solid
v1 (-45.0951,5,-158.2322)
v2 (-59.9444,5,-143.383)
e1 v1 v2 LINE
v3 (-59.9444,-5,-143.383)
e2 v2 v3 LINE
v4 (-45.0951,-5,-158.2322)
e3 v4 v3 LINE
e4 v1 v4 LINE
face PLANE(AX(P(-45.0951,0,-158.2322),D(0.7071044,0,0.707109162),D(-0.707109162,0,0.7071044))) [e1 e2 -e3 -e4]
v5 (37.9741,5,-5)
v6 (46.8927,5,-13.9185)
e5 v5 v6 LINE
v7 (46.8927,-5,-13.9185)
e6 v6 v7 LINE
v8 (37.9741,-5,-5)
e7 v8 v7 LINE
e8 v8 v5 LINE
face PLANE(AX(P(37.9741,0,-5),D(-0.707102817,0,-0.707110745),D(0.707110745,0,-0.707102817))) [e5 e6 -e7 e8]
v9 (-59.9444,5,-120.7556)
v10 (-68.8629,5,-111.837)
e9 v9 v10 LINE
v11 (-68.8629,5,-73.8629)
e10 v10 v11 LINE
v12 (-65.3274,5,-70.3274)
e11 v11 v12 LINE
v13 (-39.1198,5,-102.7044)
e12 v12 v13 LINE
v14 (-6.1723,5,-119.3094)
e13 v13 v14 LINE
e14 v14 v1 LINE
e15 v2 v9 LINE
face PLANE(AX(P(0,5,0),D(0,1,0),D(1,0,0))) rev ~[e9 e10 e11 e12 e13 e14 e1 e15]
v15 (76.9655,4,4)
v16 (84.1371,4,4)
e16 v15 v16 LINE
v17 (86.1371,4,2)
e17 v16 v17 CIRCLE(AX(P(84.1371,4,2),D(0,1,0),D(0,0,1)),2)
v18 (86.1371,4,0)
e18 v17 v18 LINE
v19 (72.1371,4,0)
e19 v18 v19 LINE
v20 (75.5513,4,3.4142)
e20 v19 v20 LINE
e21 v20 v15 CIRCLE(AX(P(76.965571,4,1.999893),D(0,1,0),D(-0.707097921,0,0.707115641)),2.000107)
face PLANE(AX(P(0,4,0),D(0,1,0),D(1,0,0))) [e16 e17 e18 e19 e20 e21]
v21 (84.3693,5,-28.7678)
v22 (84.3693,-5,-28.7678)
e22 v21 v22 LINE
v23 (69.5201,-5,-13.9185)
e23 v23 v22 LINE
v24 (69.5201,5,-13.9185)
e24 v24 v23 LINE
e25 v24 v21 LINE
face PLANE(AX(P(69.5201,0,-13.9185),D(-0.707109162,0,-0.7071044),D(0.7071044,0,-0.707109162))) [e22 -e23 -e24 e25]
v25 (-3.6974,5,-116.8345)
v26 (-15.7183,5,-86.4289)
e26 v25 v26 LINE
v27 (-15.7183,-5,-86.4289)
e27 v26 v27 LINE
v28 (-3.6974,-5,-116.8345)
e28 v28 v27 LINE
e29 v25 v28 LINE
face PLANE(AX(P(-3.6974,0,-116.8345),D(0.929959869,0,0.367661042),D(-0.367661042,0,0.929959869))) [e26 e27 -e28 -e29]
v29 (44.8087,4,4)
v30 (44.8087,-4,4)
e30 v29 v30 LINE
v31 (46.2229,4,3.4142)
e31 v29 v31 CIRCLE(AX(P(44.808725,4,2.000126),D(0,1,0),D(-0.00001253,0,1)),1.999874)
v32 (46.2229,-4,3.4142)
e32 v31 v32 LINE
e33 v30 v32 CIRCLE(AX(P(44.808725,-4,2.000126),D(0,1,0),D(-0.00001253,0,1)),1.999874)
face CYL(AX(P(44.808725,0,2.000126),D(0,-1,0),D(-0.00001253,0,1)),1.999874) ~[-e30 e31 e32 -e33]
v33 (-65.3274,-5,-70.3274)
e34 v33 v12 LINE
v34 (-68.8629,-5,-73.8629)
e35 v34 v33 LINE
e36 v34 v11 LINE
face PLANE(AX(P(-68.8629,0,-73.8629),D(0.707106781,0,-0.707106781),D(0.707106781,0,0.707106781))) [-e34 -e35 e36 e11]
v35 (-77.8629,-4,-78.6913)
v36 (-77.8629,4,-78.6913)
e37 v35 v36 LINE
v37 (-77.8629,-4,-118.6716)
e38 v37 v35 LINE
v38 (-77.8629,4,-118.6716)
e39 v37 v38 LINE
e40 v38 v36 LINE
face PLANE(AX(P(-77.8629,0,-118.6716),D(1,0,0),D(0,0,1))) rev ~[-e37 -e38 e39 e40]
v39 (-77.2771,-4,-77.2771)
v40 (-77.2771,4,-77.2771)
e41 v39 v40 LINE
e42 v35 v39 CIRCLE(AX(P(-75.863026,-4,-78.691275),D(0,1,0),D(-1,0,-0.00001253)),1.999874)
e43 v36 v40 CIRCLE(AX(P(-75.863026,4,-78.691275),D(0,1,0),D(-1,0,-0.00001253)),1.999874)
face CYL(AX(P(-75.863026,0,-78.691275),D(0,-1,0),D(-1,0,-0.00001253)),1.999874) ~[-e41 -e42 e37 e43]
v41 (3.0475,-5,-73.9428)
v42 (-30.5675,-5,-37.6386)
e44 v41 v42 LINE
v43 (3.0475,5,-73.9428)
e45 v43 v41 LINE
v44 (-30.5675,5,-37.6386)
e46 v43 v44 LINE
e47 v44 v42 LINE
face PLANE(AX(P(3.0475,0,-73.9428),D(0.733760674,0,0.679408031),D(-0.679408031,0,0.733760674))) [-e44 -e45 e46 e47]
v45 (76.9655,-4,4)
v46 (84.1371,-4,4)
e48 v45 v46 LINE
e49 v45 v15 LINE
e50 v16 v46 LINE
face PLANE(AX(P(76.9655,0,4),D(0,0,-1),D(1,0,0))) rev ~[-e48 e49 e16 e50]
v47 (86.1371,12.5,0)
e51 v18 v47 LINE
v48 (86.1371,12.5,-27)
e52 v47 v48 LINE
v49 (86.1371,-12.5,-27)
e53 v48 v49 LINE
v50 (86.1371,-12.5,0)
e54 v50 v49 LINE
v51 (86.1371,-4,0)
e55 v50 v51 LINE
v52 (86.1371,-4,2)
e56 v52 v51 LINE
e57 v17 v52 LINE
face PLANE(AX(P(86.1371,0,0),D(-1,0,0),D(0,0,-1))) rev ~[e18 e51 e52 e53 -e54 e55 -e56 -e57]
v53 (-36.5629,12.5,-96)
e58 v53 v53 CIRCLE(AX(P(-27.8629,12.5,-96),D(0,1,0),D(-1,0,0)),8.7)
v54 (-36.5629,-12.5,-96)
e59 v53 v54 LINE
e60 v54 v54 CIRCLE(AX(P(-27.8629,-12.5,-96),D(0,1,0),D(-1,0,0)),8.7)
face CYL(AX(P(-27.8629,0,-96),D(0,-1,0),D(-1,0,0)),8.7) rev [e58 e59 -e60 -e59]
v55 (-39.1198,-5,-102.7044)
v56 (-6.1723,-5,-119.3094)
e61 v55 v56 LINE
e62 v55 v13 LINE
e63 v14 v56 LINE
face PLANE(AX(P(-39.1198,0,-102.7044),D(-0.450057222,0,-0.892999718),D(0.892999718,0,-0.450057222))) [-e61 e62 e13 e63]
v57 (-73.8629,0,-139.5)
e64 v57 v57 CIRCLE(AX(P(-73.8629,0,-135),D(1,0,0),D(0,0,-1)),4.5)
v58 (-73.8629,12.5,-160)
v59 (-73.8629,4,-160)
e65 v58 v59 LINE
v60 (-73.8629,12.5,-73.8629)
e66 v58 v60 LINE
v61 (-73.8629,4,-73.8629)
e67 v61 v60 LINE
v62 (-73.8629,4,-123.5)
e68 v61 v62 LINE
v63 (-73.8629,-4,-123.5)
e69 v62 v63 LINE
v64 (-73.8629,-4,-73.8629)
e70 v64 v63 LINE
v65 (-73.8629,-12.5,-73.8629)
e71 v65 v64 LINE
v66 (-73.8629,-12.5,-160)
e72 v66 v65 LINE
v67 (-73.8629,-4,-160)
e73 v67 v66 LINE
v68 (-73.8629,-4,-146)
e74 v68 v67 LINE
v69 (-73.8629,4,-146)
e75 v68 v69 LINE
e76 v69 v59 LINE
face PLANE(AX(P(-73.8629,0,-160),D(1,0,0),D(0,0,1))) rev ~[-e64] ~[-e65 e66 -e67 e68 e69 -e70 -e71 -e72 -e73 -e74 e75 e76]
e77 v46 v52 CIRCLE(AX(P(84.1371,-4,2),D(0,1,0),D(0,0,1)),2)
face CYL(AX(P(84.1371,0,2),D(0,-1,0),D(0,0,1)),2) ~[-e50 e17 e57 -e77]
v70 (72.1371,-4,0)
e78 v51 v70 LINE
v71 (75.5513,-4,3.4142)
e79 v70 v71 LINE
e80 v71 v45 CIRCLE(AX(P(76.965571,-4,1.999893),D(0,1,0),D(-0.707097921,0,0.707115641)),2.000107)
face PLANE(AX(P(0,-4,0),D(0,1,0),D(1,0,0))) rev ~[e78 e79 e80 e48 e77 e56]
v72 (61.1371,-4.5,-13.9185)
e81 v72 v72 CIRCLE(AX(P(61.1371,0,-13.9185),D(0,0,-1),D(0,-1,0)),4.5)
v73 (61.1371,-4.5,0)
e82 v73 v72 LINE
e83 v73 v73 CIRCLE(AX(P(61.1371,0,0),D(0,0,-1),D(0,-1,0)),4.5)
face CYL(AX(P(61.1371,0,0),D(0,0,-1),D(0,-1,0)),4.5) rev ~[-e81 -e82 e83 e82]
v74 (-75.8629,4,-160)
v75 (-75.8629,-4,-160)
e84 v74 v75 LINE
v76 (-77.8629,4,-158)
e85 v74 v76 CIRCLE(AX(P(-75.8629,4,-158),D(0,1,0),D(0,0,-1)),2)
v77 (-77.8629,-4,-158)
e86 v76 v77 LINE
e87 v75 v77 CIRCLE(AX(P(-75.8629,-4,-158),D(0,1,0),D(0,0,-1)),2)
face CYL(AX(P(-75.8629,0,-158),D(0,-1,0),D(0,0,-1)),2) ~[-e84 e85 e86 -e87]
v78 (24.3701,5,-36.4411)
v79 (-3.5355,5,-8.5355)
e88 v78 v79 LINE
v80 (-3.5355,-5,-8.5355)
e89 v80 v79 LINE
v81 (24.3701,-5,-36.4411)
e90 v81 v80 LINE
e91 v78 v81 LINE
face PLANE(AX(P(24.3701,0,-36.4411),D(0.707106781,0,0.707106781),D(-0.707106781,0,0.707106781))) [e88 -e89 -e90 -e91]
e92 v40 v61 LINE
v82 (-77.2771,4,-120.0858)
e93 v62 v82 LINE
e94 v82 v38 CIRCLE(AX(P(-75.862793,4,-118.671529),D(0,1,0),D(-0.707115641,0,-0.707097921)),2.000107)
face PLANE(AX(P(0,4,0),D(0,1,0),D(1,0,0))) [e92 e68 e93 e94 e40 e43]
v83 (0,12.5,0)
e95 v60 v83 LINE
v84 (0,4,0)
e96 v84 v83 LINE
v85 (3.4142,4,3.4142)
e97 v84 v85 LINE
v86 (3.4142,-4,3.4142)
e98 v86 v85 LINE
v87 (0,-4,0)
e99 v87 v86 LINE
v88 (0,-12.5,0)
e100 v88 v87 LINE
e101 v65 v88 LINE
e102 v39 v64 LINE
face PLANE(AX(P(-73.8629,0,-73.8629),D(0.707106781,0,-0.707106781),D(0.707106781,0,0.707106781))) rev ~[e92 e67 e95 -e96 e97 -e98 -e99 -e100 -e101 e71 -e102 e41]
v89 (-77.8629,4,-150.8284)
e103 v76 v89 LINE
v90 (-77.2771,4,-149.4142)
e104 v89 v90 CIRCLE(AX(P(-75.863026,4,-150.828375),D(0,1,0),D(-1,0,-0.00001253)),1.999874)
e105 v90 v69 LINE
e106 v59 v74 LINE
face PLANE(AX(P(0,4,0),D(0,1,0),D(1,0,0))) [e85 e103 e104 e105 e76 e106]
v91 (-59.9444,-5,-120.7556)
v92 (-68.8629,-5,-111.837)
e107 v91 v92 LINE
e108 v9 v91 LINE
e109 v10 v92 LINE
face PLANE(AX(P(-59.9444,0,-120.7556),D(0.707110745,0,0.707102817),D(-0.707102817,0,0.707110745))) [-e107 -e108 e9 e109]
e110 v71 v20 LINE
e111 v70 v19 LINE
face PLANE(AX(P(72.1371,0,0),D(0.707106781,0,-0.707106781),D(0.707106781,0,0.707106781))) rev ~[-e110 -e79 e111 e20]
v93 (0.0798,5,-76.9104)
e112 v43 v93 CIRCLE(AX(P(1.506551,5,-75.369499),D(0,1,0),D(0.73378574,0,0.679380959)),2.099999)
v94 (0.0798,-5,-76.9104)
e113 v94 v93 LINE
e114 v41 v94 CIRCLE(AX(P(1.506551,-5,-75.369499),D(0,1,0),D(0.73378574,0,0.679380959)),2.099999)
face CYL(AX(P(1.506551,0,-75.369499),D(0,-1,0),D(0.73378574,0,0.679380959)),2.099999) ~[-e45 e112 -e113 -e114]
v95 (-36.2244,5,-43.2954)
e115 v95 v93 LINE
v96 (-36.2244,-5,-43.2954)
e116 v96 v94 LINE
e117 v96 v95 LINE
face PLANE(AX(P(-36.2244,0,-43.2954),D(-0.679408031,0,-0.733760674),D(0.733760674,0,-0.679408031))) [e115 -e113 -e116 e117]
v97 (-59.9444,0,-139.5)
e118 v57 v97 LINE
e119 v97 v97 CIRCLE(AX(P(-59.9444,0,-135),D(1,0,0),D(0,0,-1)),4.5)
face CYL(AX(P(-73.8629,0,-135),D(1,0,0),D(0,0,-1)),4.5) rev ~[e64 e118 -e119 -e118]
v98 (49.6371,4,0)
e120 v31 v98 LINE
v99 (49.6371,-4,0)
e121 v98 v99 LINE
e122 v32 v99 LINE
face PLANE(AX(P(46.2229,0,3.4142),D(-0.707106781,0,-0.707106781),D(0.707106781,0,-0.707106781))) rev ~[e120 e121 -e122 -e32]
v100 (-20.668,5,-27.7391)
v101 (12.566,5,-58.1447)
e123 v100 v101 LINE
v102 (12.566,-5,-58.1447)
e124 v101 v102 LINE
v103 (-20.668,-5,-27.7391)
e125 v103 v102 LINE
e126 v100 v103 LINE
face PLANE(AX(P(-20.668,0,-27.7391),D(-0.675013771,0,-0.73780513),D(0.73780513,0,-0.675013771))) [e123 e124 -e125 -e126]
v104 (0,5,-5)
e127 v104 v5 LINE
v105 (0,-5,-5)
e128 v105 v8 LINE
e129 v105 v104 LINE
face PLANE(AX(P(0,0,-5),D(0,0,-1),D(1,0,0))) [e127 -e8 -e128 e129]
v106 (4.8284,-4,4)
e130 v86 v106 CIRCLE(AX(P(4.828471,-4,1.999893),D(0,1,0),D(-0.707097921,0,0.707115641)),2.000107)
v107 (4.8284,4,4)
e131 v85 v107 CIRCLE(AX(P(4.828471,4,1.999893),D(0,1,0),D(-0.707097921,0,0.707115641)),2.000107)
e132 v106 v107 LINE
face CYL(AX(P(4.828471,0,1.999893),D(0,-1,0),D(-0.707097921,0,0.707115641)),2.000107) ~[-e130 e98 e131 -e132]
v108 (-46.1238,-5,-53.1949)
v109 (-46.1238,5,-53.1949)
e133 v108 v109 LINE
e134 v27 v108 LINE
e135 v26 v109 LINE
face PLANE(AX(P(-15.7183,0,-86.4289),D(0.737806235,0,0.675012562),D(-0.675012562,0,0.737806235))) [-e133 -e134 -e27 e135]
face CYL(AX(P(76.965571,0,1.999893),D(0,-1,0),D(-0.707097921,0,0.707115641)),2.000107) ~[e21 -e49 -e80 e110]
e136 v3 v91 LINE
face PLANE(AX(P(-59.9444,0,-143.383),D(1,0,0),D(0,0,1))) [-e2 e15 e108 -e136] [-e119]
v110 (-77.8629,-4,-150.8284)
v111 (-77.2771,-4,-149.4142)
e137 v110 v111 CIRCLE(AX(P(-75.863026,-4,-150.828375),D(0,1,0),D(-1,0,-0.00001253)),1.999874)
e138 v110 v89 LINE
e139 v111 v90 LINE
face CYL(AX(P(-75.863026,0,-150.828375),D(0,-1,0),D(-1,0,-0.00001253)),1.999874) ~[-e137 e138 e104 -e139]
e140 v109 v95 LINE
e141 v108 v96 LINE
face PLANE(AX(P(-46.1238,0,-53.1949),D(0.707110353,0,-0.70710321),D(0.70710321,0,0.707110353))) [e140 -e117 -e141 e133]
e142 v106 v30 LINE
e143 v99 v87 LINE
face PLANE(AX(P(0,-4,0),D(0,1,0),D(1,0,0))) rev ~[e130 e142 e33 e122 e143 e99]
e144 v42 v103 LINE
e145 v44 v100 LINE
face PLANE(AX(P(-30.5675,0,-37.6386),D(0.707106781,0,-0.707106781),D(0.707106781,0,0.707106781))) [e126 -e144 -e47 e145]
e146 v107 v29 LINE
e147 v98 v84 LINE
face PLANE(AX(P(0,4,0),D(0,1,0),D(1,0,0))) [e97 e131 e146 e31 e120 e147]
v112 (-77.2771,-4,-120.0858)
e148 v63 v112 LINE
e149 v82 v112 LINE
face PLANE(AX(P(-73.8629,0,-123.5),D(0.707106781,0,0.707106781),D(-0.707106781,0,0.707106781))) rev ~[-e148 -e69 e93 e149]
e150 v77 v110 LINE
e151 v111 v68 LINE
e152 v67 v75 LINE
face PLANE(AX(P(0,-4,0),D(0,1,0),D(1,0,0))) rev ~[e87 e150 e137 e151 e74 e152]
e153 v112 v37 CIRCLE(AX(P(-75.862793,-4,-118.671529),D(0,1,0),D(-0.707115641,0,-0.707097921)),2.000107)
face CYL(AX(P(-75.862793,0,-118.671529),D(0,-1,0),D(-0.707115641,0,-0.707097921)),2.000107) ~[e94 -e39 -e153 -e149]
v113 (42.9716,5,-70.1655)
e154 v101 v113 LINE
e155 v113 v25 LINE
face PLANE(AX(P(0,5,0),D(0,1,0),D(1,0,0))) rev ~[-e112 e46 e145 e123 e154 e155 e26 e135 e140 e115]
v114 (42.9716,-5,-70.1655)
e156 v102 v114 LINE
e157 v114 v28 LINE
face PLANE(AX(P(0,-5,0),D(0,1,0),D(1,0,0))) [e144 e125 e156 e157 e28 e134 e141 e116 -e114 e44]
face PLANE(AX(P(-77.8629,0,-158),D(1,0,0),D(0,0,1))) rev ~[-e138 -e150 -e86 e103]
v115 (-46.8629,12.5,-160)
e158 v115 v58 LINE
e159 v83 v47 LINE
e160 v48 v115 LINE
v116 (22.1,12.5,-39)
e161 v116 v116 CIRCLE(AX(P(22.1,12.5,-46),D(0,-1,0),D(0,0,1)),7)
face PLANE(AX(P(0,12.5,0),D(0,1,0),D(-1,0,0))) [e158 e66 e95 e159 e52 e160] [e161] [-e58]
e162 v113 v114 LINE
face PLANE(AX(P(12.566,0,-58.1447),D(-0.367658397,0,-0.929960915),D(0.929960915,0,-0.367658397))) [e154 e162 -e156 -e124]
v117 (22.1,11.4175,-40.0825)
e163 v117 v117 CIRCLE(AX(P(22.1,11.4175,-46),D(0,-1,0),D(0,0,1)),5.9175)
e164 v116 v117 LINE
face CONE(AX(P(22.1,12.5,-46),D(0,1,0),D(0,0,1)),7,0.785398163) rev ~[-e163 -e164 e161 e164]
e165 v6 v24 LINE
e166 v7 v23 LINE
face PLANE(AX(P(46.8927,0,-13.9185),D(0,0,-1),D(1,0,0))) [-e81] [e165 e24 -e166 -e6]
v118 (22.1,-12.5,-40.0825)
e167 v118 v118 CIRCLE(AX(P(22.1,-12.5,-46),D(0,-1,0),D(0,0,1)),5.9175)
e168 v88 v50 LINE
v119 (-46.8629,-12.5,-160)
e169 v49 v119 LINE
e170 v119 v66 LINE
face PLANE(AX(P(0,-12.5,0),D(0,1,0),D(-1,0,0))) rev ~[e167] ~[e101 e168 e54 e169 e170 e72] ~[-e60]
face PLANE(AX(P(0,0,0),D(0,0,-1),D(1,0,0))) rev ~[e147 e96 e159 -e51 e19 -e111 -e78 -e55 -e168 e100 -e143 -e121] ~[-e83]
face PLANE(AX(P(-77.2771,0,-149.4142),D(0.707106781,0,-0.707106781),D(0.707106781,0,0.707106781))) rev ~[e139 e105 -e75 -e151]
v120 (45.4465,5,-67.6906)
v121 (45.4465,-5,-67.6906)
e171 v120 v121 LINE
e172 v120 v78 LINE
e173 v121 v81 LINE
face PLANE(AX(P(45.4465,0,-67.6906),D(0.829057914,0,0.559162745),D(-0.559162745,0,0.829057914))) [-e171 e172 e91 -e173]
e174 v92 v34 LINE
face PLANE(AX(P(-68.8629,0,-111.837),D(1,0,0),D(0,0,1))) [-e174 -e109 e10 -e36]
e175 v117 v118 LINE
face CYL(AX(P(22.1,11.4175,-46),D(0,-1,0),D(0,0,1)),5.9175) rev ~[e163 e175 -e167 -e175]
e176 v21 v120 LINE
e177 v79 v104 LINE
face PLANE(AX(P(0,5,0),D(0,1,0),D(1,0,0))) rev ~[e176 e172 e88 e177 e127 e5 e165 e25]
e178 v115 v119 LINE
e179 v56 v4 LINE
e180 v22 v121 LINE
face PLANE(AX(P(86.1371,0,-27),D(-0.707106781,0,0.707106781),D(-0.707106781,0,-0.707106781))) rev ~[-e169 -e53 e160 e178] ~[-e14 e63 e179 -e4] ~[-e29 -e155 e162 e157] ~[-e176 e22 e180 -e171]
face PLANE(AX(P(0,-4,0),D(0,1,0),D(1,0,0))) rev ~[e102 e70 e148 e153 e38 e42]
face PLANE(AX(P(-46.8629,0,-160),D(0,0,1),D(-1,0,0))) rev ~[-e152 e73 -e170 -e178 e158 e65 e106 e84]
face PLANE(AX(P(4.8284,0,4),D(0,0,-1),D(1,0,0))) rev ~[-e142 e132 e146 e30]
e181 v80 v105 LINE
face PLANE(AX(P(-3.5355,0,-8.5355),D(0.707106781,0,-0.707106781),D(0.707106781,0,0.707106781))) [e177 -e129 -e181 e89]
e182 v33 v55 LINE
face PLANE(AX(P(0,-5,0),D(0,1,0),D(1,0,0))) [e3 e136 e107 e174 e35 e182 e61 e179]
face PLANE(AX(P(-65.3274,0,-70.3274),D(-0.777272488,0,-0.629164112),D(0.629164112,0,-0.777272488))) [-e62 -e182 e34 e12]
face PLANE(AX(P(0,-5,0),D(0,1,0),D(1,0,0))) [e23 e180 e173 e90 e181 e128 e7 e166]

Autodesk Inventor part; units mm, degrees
sketch "Skizze_1" plane through (0, 0, 0) normal (0, 1, 0) x (-1, 0, 0)
  line L0 (73.8629, -73.8629) -> (0, 0)
  line L1 (0, 0) -> (-86.1371, 0)
  line L2 (-86.1371, 0) -> (-86.1371, -27)
  line L3 (-86.1371, -27) -> (46.8629, -160)
  line L4 (46.8629, -160) -> (73.8629, -160)
  line L5 (73.8629, -160) -> (73.8629, -73.8629)
  circle A0 centre (27.8629, -96) radius 8.7
extrude "Extrusion1" add sketch "Skizze_1" along normal mid plane 25
sketch "Skizze_2" plane through (0, 0, 0) normal (0, 1, 0) x (1, 0, 0)
  line L0 (72.1371, 0) -> (75.5513, -3.4142)
  arc A0 (75.5513, -3.4142) -> (76.9655, -4) centre (76.9655, -2) ccw
  line L1 (76.9655, -4) -> (84.1371, -4)
  arc A1 (84.1371, -4) -> (86.1371, -2) centre (84.1371, -2) ccw
  line L2 (86.1371, -2) -> (86.1371, 0)
  line L3 (86.1371, 0) -> (72.1371, 0)
extrude "Extrusion2" add sketch "Skizze_2" along normal mid plane 8
sketch "Skizze_3" plane through (0, 0, 0) normal (0, 1, 0) x (1, 0, 0)
  line L0 (0, 0) -> (3.4142, -3.4142)
  arc A0 (3.4142, -3.4142) -> (4.8284, -4) centre (4.8284, -2) ccw
  line L1 (4.8284, -4) -> (44.8087, -4)
  arc A1 (44.8087, -4) -> (46.2229, -3.4142) centre (44.8087, -2) ccw
  line L2 (46.2229, -3.4142) -> (49.6371, 0)
  line L3 (49.6371, 0) -> (0, 0)
extrude "Extrusion3" add sketch "Skizze_3" along normal mid plane 8
sketch "Skizze_4" plane through (0, 0, 0) normal (0, 1, 0) x (1, 0, 0)
  arc A0 (-77.8629, 150.8284) -> (-77.2771, 149.4142) centre (-75.8629, 150.8284) ccw
  line L0 (-77.2771, 149.4142) -> (-73.8629, 146)
  line L1 (-73.8629, 146) -> (-73.8629, 160)
  line L2 (-73.8629, 160) -> (-75.8629, 160)
  arc A1 (-75.8629, 160) -> (-77.8629, 158) centre (-75.8629, 158) ccw
  line L3 (-77.8629, 158) -> (-77.8629, 150.8284)
extrude "Extrusion4" add sketch "Skizze_4" along normal mid plane 8
sketch "Skizze_5" plane through (0, 0, 0) normal (0, 1, 0) x (1, 0, 0)
  line L0 (-77.8629, 118.6716) -> (-77.8629, 78.6913)
  arc A0 (-77.8629, 78.6913) -> (-77.2771, 77.2771) centre (-75.8629, 78.6913) ccw
  line L1 (-77.2771, 77.2771) -> (-73.8629, 73.8629)
  line L2 (-73.8629, 73.8629) -> (-73.8629, 123.5)
  line L3 (-73.8629, 123.5) -> (-77.2771, 120.0858)
  arc A1 (-77.2771, 120.0858) -> (-77.8629, 118.6716) centre (-75.8629, 118.6716) ccw
extrude "Extrusion5" add sketch "Skizze_5" along normal mid plane 8
sketch "Sketch6" plane through (0, -12.5, 0) normal (0, 0, 1) x (1, 0, 0)
  point P0 (61.1371, 12.5)
hole "Drilling 1" at (61.1371, 0, 0) direction (0, 0, -1) diameter 9 depth 92.3404
sketch "Skizze_7" plane through (0, 0, 0) normal (0, 1, 0) x (1, 0, 0)
  line L0 (50, 135) -> (-50, 135)
  line L1 (-73.8629, 135) -> (-73.8629, 139.5)
  line L2 (-73.8629, 139.5) -> (0, 139.5)
  line L3 (0, 139.5) -> (0, 135)
  line L4 (0, 135) -> (-73.8629, 135)
revolve "Revolution1" cut sketch "Skizze_7" angle 360 about axis through (50, 0, -135) along (1, 0, 0)
sketch "Skizze_8" plane through (0, 0, 0) normal (0, 1, 0) x (1, 0, 0)
  line L0 (-46.1238, 53.1949) -> (-36.2244, 43.2954)
  line L1 (-36.2244, 43.2954) -> (0.0798, 76.9104)
  arc A0 (3.0475, 73.9428) -> (0.0798, 76.9104) centre (1.5066, 75.3695) ccw
  line L2 (3.0475, 73.9428) -> (-30.5675, 37.6386)
  line L3 (-30.5675, 37.6386) -> (-20.668, 27.7391)
  line L4 (-20.668, 27.7391) -> (12.566, 58.1447)
  line L5 (12.566, 58.1447) -> (42.9716, 70.1655)
  line L6 (42.9716, 70.1655) -> (-3.6974, 116.8345)
  line L7 (-3.6974, 116.8345) -> (-15.7183, 86.4289)
  line L8 (-15.7183, 86.4289) -> (-46.1238, 53.1949)
extrude "Extrusion6" cut sketch "Skizze_8" along normal mid plane 10
sketch "Sketch9" plane through (0, 12.5, 0) normal (0, 1, 0) x (1, 0, 0)
  point P0 (22.1, 46)
hole "Drilling 3" at (22.1, 12.5, -46) direction (0, -1, 0) diameter 11.835 depth 25 countersink diameter 14 countersink angle 90 thread size "M14x2" class "6H" standard "ISO Metric profile"
sketch "Skizze_10" plane through (0, 0, 0) normal (0, 1, 0) x (1, 0, 0)
  line L0 (-3.5355, 8.5355) -> (0, 5)
  line L1 (0, 5) -> (37.9741, 5)
  line L2 (37.9741, 5) -> (46.8927, 13.9185)
  line L3 (46.8927, 13.9185) -> (69.5201, 13.9185)
  line L4 (69.5201, 13.9185) -> (84.3693, 28.7678)
  line L5 (84.3693, 28.7678) -> (45.4465, 67.6906)
  line L6 (45.4465, 67.6906) -> (24.3701, 36.4411)
  line L7 (24.3701, 36.4411) -> (-3.5355, 8.5355)
extrude "Extrusion7" cut sketch "Skizze_10" along normal mid plane 10
sketch "Skizze_11" plane through (0, 0, 0) normal (0, 1, 0) x (1, 0, 0)
  line L0 (-68.8629, 73.8629) -> (-65.3274, 70.3274)
  line L1 (-65.3274, 70.3274) -> (-39.1198, 102.7044)
  line L2 (-39.1198, 102.7044) -> (-6.1723, 119.3094)
  line L3 (-6.1723, 119.3094) -> (-45.0951, 158.2322)
  line L4 (-45.0951, 158.2322) -> (-59.9444, 143.383)
  line L5 (-59.9444, 143.383) -> (-59.9444, 120.7556)
  line L6 (-59.9444, 120.7556) -> (-68.8629, 111.837)
  line L7 (-68.8629, 111.837) -> (-68.8629, 73.8629)
extrude "Extrusion8" cut sketch "Skizze_11" along normal mid plane 10
ref_plane "side_2a_XY" through (61.137, 0, 0) normal (0, 0, 1) x (1, 0, 0)
ref_plane "side_2a_YZ" through (61.137, 0, 0) normal (1, 0, 0) x (0, 1, 0)
ref_plane "side_2a_ZX" through (61.137, 0, 0) normal (0, 1, 0) x (0, 0, 1)
ref_plane "side_2b_XY" through (61.137, 0, -13.919) normal (0, 0, -1) x (1, 0, 0)
ref_plane "side_2b_YZ" through (61.137, 0, -13.919) normal (1, 0, 0) x (0, -1, 0)
ref_plane "side_2b_ZX" through (61.137, 0, -13.919) normal (0, -1, 0) x (0, 0, -1)
ref_plane "side_5a_XY" through (-73.863, 0, -135) normal (-1, 0, 0) x (0, 0, -1)
ref_plane "side_5a_YZ" through (-73.863, 0, -135) normal (0, 0, -1) x (0, -1, 0)
ref_plane "side_5a_ZX" through (-73.863, 0, -135) normal (0, -1, 0) x (-1, 0, 0)
ref_plane "side_5b_XY" through (-59.944, 0, -135) normal (1, 0, 0) x (0, 0, -1)
ref_plane "side_5b_YZ" through (-59.944, 0, -135) normal (0, 0, -1) x (0, 1, 0)
ref_plane "side_5b_ZX" through (-59.944, 0, -135) normal (0, 1, 0) x (1, 0, 0)
ref_plane "side_1a_XY" through (22.137, 12, -46) normal (0, 1, 0) x (1, 0, 0)
ref_plane "side_1a_YZ" through (22.137, 12, -46) normal (1, 0, 0) x (0, 0, -1)
ref_plane "side_1a_ZX" through (22.137, 12, -46) normal (0, 0, -1) x (0, 1, 0)
ref_plane "side_1b_XY" through (-27.863, 12, -96) normal (0, 1, 0) x (1, 0, 0)
ref_plane "side_1b_YZ" through (-27.863, 12, -96) normal (1, 0, 0) x (0, 0, -1)
ref_plane "side_1b_ZX" through (-27.863, 12, -96) normal (0, 0, -1) x (0, 1, 0)
ref_plane "side_6a_XY" through (22.137, -12, -46) normal (0, -1, 0) x (1, 0, 0)
ref_plane "side_6a_YZ" through (22.137, -12, -46) normal (1, 0, 0) x (0, 0, 1)
ref_plane "side_6a_ZX" through (22.137, -12, -46) normal (0, 0, 1) x (0, -1, 0)
ref_plane "side_6b_XY" through (-27.863, -12, -96) normal (0, -1, 0) x (1, 0, 0)
ref_plane "side_6b_YZ" through (-27.863, -12, -96) normal (1, 0, 0) x (0, 0, 1)
ref_plane "side_6b_ZX" through (-27.863, -12, -96) normal (0, 0, 1) x (0, -1, 0)
properties part number "May Tec 1.47.225160.2_Floor mounting plate_schwarz-Pulverbeschichtet"
